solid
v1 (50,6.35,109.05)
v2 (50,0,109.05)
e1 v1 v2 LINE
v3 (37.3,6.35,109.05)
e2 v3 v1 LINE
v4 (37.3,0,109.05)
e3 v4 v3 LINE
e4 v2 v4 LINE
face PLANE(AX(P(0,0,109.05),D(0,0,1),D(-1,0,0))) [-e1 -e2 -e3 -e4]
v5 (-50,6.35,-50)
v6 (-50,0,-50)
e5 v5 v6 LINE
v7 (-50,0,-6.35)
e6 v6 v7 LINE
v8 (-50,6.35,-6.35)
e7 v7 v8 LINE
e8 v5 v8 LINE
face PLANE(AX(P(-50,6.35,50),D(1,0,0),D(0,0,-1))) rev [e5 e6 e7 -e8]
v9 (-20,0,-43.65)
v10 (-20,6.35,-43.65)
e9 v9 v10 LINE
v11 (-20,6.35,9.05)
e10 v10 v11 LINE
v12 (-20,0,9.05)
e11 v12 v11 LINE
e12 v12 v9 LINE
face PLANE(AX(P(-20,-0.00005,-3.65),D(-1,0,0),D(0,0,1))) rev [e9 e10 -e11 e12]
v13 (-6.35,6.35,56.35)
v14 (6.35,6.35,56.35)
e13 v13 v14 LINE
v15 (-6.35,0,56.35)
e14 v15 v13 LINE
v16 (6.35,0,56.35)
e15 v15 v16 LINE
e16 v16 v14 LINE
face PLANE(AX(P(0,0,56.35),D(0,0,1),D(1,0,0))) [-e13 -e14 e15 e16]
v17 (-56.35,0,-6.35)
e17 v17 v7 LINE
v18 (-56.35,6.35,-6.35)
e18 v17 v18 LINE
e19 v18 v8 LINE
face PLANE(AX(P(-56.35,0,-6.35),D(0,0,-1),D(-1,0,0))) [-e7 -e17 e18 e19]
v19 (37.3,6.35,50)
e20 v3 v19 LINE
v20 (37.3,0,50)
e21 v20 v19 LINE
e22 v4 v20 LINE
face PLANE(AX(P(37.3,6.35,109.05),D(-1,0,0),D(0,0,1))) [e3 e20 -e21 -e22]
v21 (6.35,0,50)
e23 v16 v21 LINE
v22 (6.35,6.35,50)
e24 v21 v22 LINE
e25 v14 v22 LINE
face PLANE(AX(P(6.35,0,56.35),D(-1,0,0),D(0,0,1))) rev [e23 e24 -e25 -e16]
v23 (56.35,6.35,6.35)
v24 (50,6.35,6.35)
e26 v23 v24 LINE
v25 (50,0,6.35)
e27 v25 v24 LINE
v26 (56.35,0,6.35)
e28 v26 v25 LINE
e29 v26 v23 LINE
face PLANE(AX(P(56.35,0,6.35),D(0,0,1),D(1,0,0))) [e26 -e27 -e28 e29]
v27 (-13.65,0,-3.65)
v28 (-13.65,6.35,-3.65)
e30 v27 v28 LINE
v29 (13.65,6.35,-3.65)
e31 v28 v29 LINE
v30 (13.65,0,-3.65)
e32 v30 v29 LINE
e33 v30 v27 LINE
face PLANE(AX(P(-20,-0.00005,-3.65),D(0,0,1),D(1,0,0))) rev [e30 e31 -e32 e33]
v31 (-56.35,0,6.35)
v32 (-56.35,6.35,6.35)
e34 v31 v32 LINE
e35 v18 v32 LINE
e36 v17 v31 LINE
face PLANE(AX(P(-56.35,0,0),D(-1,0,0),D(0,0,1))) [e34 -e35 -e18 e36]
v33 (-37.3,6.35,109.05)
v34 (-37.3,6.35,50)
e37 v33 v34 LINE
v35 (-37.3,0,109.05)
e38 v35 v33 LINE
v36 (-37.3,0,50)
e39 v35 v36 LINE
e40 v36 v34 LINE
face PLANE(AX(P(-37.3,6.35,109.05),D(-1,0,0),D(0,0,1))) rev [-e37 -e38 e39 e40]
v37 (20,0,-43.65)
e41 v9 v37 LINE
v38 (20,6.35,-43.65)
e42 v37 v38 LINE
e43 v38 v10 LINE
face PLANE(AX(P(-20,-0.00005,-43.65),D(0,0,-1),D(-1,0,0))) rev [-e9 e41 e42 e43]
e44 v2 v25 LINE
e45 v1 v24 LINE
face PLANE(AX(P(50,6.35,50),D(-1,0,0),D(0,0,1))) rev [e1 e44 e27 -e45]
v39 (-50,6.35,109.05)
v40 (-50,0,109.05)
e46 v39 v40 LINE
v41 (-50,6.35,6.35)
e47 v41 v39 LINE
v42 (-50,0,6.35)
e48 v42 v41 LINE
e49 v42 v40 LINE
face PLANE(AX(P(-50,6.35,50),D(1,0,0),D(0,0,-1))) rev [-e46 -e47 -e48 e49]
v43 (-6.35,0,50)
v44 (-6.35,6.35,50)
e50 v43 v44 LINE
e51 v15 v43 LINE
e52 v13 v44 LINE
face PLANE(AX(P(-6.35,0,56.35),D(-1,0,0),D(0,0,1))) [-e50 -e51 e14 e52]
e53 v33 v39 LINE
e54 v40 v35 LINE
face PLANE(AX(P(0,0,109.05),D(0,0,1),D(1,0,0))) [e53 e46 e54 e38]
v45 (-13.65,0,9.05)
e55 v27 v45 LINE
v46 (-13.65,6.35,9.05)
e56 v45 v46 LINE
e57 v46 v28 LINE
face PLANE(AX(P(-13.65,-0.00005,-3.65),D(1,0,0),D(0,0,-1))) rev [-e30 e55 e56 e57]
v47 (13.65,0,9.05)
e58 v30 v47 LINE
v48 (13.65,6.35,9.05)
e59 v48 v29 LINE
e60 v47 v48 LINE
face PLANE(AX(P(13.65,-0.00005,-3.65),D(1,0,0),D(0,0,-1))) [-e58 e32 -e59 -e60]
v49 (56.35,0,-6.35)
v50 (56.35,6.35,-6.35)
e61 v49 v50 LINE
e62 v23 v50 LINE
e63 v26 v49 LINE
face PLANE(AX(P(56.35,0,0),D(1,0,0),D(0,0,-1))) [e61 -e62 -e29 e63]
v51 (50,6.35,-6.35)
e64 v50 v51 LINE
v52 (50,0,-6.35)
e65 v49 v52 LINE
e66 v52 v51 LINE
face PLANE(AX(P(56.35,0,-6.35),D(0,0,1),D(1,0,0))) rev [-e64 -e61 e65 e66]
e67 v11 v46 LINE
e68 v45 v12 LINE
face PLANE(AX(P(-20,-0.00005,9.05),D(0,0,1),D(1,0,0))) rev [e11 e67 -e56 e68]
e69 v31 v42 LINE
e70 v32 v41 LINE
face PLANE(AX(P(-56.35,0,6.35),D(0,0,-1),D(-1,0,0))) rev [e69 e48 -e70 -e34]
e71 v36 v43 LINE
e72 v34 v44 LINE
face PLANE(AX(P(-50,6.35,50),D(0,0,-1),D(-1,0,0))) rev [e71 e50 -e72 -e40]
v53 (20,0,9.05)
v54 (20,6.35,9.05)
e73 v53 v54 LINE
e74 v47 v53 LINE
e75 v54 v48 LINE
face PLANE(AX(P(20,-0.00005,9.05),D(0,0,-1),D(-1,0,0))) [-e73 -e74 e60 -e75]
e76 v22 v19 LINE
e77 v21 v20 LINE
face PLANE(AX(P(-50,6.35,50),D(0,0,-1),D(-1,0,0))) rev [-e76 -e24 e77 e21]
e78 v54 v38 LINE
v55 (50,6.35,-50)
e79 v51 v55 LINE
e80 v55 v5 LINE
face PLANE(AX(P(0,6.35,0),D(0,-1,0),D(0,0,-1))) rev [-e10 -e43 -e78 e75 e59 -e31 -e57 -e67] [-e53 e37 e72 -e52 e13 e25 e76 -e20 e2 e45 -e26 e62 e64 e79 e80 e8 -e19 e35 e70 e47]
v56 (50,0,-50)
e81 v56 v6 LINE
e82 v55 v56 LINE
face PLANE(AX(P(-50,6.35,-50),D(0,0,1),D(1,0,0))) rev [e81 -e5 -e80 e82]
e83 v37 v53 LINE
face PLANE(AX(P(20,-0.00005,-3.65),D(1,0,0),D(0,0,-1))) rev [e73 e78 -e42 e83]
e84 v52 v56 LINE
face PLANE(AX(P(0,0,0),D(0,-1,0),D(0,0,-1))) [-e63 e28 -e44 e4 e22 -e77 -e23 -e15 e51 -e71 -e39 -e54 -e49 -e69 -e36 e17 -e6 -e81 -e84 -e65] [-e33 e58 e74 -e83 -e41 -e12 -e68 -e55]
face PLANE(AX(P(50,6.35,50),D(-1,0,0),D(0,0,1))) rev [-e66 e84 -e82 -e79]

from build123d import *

# Parameters (mm, degrees)
SKETCH1_W           = 100
SKETCH1_H           = 100
BOSS_EXTRUDE1_DEPTH = 6.35
SKETCH2_W           = 12.7
SKETCH2_H           = 6.35
BOSS_EXTRUDE2_DEPTH = 6.35
CIRPATTERN1_COUNT   = 3
CIRPATTERN1_ANGLE   = 180
SKETCH4_W           = 12.7
SKETCH4_H           = 6.35
BOSS_EXTRUDE3_DEPTH = 59.05
SKETCH5_W           = 40
SKETCH5_H           = 40
CUT_EXTRUDE1_DEPTH  = 123.91276378
SKETCH6_W           = 6.35
SKETCH6_H           = 12.7
CUT_EXTRUDE2_DEPTH  = 123.91276378


with BuildPart() as part:
    # Sketch1 → Boss-Extrude1 (new body)
    with BuildSketch(Plane(origin=(0, 0, 0), x_dir=(1, 0, 0), z_dir=(0, 1, 0))):
        Rectangle(SKETCH1_W, SKETCH1_H)
    extrude(amount=BOSS_EXTRUDE1_DEPTH)

    # Sketch2 → Boss-Extrude2 (add)
    with BuildSketch(Plane.ZY.offset(50)):
        with Locations((0, 3.175)):
            Rectangle(SKETCH2_W, SKETCH2_H)
    boss_extrude2 = extrude(amount=BOSS_EXTRUDE2_DEPTH)

    # CirPattern1: Boss-Extrude2 ×3 about axis
    cirpattern1_axis = Axis((0, 6.35, 0), (0, 1, 0))
    for i in range(1, CIRPATTERN1_COUNT):
        add(boss_extrude2.rotate(cirpattern1_axis, i * CIRPATTERN1_ANGLE / (CIRPATTERN1_COUNT - 1)))

    # Sketch4 → Boss-Extrude3 (add)
    with BuildSketch(Plane.XY.offset(50)):
        with Locations((-43.65, 3.175)):
            Rectangle(SKETCH4_W, SKETCH4_H)
    boss_extrude3 = extrude(amount=BOSS_EXTRUDE3_DEPTH)

    # Mirror1: Boss-Extrude3 across plane
    add(boss_extrude3.mirror(Plane(origin=(0, 0, 0), x_dir=(0, 0, 1), z_dir=(1, 0, 0))))

    # Sketch5 → Cut-Extrude1 (cut, through all)
    with BuildSketch(Plane(origin=(0, 6.35, 0), x_dir=(1, 0, 0), z_dir=(0, 1, 0))):
        with Locations((0, 23.65)):
            Rectangle(SKETCH5_W, SKETCH5_H)
    extrude(amount=-CUT_EXTRUDE1_DEPTH, mode=Mode.SUBTRACT)

    # Sketch6 → Cut-Extrude2 (cut, through all)
    with BuildSketch(Plane(origin=(0, 6.35, 0), x_dir=(1, 0, 0), z_dir=(0, 1, 0))):
        with Locations((-16.825, -2.7)):
            Rectangle(SKETCH6_W, SKETCH6_H)
    cut_extrude2 = extrude(amount=-CUT_EXTRUDE2_DEPTH, mode=Mode.SUBTRACT)

    # Mirror2: Cut-Extrude2 across plane
    add(cut_extrude2.mirror(Plane(origin=(0, 0, 0), x_dir=(0, 0, 1), z_dir=(1, 0, 0))), mode=Mode.SUBTRACT)


solid = part.part
